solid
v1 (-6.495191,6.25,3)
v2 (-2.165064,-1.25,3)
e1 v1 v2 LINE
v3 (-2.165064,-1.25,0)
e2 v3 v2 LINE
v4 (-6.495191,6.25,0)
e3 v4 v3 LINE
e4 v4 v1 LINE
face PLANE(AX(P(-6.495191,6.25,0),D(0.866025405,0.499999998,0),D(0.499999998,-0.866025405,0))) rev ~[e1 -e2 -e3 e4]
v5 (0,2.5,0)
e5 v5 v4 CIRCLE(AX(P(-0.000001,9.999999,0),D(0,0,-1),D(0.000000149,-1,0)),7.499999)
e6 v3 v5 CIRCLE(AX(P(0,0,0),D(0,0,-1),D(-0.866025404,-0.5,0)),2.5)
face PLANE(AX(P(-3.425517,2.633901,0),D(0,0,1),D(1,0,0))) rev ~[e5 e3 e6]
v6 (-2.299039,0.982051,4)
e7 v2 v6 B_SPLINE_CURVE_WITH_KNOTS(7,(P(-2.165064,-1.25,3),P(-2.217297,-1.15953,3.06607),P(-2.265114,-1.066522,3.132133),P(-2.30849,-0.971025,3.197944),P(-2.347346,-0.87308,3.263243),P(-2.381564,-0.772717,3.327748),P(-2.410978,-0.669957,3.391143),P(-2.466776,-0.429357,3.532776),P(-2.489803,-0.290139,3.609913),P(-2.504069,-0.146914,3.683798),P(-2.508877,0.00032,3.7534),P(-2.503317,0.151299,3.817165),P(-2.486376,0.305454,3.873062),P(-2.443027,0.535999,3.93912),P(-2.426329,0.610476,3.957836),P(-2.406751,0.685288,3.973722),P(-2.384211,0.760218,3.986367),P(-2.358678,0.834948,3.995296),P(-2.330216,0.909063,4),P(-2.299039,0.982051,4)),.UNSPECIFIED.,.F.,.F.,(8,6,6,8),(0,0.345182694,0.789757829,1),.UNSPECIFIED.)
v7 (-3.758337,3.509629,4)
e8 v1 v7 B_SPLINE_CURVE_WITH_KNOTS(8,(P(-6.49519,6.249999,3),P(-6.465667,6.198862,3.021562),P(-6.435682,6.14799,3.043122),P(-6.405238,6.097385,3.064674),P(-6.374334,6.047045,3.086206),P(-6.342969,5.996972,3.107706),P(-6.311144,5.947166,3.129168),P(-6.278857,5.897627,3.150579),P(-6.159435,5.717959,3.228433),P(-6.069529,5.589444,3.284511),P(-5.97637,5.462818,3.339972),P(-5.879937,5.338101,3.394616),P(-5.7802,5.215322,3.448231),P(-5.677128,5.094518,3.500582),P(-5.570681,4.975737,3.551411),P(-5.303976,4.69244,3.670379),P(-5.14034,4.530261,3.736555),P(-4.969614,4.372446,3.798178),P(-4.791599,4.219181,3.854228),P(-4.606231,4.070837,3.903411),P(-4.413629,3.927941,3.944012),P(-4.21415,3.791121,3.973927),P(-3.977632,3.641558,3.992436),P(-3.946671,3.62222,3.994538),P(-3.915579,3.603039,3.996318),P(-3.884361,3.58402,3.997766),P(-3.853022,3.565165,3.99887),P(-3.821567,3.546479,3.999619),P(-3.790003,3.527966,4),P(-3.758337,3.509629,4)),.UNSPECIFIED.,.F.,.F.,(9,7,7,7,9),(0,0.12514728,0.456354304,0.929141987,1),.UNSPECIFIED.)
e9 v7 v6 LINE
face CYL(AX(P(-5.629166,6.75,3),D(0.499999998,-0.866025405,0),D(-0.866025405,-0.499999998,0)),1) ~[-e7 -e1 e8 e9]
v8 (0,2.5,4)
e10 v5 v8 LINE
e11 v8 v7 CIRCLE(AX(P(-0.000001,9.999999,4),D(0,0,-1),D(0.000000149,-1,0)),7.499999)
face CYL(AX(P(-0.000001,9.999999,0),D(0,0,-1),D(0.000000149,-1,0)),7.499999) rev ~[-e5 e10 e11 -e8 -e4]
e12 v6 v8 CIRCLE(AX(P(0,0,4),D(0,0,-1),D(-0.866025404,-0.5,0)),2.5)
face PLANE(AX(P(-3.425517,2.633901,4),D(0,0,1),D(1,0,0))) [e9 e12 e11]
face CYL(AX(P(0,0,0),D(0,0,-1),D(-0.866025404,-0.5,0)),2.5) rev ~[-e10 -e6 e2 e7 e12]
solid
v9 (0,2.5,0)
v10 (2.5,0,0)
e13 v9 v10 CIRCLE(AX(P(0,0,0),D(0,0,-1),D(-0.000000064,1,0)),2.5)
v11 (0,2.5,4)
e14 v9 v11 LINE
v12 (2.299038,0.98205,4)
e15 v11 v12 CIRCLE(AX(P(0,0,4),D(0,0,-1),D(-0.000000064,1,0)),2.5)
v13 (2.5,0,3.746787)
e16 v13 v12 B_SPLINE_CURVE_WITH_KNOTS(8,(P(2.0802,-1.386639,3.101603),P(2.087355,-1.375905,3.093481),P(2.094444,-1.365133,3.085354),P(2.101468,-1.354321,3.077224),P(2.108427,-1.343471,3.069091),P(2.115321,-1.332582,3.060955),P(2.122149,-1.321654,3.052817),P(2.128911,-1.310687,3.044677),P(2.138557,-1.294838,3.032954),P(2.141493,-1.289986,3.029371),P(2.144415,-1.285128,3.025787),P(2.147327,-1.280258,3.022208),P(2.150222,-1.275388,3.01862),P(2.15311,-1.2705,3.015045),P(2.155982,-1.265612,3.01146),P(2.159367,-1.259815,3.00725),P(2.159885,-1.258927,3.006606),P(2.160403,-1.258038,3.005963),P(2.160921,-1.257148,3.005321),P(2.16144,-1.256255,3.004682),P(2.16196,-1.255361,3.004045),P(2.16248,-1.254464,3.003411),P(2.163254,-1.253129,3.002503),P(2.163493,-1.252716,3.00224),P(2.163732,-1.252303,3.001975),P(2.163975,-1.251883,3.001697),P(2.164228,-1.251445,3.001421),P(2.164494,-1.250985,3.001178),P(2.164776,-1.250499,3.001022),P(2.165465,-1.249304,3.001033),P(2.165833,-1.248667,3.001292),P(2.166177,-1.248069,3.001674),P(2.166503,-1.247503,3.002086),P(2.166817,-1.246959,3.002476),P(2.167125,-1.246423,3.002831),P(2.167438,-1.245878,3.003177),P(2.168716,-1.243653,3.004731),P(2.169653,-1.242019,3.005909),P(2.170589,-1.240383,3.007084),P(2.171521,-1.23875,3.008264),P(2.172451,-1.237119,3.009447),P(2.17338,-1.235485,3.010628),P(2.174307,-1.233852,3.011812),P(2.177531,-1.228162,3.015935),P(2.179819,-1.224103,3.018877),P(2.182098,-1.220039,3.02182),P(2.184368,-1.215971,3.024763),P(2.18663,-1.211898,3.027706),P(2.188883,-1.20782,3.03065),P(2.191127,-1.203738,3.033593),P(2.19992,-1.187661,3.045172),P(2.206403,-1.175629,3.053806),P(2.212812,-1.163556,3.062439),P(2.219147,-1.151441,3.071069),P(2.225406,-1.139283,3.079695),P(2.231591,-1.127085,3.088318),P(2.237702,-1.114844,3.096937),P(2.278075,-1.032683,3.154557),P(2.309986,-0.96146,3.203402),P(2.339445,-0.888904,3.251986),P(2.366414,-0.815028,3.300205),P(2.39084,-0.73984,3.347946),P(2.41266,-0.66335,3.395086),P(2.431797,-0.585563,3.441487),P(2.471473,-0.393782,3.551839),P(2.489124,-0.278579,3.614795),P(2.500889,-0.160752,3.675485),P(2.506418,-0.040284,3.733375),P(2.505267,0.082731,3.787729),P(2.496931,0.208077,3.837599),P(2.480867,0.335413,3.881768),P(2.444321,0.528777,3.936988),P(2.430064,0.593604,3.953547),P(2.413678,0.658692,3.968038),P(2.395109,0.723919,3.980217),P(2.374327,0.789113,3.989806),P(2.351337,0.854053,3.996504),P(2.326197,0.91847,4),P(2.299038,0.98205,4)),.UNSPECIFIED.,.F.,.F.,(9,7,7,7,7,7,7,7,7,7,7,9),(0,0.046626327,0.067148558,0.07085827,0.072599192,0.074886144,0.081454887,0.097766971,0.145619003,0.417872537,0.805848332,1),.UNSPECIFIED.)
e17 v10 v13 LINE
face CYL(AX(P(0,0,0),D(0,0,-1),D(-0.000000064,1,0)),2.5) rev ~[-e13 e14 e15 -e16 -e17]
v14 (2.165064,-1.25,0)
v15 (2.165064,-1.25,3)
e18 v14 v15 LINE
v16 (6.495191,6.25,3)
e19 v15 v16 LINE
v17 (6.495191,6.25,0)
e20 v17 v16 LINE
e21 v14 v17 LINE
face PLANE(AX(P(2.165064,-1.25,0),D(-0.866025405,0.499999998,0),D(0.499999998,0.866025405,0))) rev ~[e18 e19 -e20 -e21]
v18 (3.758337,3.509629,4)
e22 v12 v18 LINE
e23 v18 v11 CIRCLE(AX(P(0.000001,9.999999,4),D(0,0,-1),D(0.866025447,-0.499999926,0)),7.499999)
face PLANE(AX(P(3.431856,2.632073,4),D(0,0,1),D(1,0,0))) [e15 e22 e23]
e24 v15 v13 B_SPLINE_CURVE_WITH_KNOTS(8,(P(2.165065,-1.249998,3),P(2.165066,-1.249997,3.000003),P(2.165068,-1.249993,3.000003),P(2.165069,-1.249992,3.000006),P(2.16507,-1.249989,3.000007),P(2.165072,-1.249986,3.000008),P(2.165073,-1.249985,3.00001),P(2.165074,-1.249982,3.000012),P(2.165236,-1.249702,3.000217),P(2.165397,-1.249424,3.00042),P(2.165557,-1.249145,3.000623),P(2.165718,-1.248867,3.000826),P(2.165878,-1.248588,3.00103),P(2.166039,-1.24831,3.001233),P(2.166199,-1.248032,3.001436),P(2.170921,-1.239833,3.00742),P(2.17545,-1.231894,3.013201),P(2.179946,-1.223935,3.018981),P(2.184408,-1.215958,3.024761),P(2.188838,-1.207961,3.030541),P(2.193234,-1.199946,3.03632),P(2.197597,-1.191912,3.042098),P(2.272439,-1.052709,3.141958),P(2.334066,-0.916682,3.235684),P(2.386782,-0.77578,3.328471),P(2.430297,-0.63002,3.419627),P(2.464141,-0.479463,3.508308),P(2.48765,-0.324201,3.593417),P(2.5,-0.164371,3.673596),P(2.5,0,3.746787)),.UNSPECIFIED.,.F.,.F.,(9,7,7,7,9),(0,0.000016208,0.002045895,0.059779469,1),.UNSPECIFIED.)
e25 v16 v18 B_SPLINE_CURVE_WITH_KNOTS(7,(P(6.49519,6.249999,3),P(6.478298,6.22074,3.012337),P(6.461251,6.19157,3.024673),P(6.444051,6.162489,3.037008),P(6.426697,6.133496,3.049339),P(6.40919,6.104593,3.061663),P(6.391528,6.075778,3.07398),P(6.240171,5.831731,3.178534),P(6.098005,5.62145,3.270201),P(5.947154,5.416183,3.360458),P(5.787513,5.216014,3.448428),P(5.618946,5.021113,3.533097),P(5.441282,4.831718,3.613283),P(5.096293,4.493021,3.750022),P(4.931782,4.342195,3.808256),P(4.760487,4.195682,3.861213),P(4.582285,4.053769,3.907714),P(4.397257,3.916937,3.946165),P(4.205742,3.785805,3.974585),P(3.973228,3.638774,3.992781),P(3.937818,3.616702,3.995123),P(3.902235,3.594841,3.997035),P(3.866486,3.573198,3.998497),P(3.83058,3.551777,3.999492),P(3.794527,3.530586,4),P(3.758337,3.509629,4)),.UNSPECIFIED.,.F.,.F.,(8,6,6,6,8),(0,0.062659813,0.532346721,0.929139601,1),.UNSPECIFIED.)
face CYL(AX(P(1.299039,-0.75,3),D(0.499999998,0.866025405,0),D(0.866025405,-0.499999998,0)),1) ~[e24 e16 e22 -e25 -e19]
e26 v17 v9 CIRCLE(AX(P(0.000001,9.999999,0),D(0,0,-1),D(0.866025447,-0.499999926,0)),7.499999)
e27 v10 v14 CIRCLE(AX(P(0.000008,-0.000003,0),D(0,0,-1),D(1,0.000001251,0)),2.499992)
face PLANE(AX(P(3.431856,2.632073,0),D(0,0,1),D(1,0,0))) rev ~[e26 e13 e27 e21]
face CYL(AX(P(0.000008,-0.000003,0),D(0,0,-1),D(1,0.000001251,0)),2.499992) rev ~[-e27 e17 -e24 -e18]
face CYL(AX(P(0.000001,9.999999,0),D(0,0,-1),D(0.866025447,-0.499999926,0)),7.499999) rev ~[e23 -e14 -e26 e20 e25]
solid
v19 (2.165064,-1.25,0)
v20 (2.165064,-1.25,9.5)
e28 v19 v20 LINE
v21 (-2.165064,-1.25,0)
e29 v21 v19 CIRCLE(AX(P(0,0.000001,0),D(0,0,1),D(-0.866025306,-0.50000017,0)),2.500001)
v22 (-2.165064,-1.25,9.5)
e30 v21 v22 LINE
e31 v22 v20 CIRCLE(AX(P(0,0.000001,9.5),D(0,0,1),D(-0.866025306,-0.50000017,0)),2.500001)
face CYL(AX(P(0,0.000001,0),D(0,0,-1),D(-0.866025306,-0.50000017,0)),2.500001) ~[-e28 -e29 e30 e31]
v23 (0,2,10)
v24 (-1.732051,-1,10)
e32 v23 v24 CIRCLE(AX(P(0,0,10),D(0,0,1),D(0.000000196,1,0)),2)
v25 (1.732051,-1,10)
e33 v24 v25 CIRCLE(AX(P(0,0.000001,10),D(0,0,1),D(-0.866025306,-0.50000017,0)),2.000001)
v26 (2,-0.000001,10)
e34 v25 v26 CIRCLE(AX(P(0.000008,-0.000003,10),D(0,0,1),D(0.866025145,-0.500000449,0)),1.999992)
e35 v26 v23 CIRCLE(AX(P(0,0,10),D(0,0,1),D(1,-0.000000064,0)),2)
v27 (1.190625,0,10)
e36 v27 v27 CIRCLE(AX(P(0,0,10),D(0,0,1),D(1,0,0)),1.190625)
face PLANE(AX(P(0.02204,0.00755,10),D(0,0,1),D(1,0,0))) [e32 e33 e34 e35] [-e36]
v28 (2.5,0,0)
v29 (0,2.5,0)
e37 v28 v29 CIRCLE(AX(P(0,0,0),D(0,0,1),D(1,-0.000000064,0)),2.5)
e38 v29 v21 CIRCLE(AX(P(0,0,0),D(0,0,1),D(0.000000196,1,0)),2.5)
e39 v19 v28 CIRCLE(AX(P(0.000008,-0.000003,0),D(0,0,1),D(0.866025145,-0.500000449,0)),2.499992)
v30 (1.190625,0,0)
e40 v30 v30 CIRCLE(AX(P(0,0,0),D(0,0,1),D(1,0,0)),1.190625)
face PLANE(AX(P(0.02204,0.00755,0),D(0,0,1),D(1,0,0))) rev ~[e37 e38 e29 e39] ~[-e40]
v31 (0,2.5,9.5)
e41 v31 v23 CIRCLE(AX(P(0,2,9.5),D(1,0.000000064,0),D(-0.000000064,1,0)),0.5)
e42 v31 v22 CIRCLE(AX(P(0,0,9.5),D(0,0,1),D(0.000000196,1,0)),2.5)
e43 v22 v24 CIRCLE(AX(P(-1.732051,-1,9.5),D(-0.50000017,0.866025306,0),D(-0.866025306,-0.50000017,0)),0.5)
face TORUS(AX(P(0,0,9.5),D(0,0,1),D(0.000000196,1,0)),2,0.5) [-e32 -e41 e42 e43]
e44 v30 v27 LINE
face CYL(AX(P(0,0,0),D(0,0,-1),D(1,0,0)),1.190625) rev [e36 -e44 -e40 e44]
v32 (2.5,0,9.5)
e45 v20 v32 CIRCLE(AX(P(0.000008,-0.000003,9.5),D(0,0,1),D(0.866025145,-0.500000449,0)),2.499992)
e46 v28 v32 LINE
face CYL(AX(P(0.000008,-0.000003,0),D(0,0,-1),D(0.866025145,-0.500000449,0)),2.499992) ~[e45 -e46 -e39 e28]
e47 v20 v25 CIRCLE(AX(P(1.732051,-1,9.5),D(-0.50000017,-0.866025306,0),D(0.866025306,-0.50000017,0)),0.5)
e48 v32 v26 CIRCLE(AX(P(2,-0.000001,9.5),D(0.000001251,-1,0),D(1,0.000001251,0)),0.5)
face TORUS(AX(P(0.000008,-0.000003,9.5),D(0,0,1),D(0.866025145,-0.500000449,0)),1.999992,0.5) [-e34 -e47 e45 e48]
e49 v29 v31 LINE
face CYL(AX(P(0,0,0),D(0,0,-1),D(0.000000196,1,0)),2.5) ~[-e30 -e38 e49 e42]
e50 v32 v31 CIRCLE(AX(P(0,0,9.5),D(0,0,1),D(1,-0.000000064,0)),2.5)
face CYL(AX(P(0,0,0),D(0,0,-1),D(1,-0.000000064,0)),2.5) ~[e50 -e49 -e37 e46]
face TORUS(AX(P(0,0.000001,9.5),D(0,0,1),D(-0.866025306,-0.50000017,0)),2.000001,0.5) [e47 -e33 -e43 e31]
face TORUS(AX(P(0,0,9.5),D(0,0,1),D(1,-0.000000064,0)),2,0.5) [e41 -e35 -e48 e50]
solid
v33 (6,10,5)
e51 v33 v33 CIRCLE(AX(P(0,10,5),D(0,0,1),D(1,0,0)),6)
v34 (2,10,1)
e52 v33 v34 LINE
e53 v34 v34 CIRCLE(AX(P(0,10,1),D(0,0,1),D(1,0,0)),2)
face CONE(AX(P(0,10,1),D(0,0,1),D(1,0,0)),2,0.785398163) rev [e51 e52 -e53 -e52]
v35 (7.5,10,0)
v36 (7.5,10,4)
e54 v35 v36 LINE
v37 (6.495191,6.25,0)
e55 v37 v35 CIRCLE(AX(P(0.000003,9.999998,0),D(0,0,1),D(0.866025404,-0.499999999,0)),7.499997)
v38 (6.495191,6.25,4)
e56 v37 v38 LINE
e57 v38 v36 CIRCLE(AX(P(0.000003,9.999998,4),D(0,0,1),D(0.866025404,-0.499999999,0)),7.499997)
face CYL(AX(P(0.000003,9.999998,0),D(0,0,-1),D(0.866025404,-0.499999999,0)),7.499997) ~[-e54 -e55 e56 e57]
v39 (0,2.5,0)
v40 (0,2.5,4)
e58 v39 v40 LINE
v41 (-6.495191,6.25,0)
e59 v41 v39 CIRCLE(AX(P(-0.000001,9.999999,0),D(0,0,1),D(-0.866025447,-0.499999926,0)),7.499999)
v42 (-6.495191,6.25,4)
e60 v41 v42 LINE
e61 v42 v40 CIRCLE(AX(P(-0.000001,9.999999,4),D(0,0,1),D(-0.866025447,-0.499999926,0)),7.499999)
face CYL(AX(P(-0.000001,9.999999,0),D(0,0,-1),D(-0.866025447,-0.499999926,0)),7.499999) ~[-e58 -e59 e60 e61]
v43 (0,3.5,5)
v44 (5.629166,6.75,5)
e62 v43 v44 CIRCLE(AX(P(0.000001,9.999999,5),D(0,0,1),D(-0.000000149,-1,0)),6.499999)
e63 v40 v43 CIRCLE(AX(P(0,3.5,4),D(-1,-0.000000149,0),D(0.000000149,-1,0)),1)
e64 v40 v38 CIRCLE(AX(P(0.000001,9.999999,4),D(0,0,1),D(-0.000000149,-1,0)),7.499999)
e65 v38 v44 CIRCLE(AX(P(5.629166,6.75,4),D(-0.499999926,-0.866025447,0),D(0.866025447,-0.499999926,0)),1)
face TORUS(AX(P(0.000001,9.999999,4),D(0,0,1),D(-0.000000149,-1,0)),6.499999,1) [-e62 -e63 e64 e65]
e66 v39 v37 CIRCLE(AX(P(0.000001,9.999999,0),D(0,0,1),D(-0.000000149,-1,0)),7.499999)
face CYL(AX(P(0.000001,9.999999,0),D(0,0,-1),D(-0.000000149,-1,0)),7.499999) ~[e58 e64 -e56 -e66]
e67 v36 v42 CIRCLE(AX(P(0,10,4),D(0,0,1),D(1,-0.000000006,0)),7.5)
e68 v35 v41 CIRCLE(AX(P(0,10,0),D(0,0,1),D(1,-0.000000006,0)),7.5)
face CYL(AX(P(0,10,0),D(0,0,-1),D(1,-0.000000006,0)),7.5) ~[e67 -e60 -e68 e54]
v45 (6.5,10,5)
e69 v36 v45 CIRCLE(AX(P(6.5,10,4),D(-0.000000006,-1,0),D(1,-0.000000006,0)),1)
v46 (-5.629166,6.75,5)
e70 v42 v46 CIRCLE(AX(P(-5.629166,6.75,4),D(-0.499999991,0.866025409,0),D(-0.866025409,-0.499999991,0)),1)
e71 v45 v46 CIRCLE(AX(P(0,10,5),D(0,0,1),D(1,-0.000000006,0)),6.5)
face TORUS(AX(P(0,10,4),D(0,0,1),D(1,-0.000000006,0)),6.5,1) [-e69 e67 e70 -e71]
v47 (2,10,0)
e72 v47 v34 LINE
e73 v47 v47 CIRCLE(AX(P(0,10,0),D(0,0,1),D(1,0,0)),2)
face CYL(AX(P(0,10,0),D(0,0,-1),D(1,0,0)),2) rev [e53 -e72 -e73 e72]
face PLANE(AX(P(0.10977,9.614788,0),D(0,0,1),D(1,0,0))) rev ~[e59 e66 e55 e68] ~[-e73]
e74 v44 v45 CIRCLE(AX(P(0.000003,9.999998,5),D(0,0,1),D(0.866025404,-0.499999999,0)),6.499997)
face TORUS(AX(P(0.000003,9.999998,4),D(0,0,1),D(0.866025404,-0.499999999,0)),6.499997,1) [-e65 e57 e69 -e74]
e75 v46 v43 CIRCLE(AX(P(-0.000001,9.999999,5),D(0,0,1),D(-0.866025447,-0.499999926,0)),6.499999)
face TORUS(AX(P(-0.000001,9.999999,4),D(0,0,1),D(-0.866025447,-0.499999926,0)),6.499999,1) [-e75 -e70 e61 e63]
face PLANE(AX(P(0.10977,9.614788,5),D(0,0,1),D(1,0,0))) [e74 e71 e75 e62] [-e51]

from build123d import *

# Parameters (mm, degrees)
F0_R     = 2
F1_DEPTH = 5
F0_R_2   = 1.190625
F2_DEPTH = 10
F3_DEPTH = 4
F4_R     = 1
F4_2_R   = 1
F5_SIZE  = 4
F6_R     = 0.5


with BuildPart() as f1:
    # F0 (on Top) → F1 (new body)
    with BuildSketch(Plane.XY):
        with BuildLine():
            ThreePointArc((-6.495191, 6.25), (-3.75, 3.504809), (0, 2.5))
            ThreePointArc((0, 2.5), (3.75, 3.504809), (6.495191, 6.25))
            ThreePointArc((6.495191, 6.25), (7.244444, 8.058857), (7.5, 10))
            ThreePointArc((7.5, 10), (-1.941143, 17.244444), (-6.495191, 6.25))
        make_face()
        with Locations((0, 10)):
            Circle(F0_R, mode=Mode.SUBTRACT)
    extrude(amount=F1_DEPTH)

    # F4
    f4_edges = [f1.edges().sort_by_distance(p)[0] for p in [
        (6.495191, 13.75, 5),
    ]]
    fillet(f4_edges, radius=F4_R)

    # F5
    f5_edges = [f1.edges().sort_by_distance(p)[0] for p in [
        (-2, 10, 5),
    ]]
    chamfer(f5_edges, length=F5_SIZE)


with BuildPart() as f2:
    # F0 (on Top) → F2 (new body)
    with BuildSketch(Plane.XY):
        with BuildLine():
            ThreePointArc((0, 2.5), (-2.165064, 1.25), (-2.165064, -1.25))
            ThreePointArc((-2.165064, -1.25), (0, -2.5), (2.165064, -1.25))
            ThreePointArc((2.165064, -1.25), (2.414815, -0.647048), (2.5, 0))
            ThreePointArc((2.5, 0), (1.767767, 1.767767), (0, 2.5))
        make_face()
        Circle(F0_R_2, mode=Mode.SUBTRACT)
    extrude(amount=F2_DEPTH)

    # F6
    f6_edges = [f2.edges().sort_by_distance(p)[0] for p in [
        (0, -2.5, 10),
    ]]
    fillet(f6_edges, radius=F6_R)


with BuildPart() as f3:
    # F0 (on Top) → F3 (new body)
    with BuildSketch(Plane.XY):
        with BuildLine():
            ThreePointArc((2.5, 0), (2.414815, -0.647048), (2.165064, -1.25))
            Line((2.165064, -1.25), (6.495191, 6.25))
            ThreePointArc((6.495191, 6.25), (3.75, 3.504809), (0, 2.5))
            ThreePointArc((0, 2.5), (1.767767, 1.767767), (2.5, 0))
        make_face()
        with BuildLine():
            Line((-6.495191, 6.25), (-2.165064, -1.25))
            ThreePointArc((-2.165064, -1.25), (-2.165064, 1.25), (0, 2.5))
            ThreePointArc((0, 2.5), (-3.75, 3.504809), (-6.495191, 6.25))
        make_face()
    extrude(amount=F3_DEPTH)

    # F4#2
    f4_2_edges = [f3.edges().sort_by_distance(p)[0] for p in [
        (4.330127, 2.5, 4),
        (-4.330127, 2.5, 4),
    ]]
    fillet(f4_2_edges, radius=F4_2_R)


solid = Compound([f1.part, f2.part, f3.part])
